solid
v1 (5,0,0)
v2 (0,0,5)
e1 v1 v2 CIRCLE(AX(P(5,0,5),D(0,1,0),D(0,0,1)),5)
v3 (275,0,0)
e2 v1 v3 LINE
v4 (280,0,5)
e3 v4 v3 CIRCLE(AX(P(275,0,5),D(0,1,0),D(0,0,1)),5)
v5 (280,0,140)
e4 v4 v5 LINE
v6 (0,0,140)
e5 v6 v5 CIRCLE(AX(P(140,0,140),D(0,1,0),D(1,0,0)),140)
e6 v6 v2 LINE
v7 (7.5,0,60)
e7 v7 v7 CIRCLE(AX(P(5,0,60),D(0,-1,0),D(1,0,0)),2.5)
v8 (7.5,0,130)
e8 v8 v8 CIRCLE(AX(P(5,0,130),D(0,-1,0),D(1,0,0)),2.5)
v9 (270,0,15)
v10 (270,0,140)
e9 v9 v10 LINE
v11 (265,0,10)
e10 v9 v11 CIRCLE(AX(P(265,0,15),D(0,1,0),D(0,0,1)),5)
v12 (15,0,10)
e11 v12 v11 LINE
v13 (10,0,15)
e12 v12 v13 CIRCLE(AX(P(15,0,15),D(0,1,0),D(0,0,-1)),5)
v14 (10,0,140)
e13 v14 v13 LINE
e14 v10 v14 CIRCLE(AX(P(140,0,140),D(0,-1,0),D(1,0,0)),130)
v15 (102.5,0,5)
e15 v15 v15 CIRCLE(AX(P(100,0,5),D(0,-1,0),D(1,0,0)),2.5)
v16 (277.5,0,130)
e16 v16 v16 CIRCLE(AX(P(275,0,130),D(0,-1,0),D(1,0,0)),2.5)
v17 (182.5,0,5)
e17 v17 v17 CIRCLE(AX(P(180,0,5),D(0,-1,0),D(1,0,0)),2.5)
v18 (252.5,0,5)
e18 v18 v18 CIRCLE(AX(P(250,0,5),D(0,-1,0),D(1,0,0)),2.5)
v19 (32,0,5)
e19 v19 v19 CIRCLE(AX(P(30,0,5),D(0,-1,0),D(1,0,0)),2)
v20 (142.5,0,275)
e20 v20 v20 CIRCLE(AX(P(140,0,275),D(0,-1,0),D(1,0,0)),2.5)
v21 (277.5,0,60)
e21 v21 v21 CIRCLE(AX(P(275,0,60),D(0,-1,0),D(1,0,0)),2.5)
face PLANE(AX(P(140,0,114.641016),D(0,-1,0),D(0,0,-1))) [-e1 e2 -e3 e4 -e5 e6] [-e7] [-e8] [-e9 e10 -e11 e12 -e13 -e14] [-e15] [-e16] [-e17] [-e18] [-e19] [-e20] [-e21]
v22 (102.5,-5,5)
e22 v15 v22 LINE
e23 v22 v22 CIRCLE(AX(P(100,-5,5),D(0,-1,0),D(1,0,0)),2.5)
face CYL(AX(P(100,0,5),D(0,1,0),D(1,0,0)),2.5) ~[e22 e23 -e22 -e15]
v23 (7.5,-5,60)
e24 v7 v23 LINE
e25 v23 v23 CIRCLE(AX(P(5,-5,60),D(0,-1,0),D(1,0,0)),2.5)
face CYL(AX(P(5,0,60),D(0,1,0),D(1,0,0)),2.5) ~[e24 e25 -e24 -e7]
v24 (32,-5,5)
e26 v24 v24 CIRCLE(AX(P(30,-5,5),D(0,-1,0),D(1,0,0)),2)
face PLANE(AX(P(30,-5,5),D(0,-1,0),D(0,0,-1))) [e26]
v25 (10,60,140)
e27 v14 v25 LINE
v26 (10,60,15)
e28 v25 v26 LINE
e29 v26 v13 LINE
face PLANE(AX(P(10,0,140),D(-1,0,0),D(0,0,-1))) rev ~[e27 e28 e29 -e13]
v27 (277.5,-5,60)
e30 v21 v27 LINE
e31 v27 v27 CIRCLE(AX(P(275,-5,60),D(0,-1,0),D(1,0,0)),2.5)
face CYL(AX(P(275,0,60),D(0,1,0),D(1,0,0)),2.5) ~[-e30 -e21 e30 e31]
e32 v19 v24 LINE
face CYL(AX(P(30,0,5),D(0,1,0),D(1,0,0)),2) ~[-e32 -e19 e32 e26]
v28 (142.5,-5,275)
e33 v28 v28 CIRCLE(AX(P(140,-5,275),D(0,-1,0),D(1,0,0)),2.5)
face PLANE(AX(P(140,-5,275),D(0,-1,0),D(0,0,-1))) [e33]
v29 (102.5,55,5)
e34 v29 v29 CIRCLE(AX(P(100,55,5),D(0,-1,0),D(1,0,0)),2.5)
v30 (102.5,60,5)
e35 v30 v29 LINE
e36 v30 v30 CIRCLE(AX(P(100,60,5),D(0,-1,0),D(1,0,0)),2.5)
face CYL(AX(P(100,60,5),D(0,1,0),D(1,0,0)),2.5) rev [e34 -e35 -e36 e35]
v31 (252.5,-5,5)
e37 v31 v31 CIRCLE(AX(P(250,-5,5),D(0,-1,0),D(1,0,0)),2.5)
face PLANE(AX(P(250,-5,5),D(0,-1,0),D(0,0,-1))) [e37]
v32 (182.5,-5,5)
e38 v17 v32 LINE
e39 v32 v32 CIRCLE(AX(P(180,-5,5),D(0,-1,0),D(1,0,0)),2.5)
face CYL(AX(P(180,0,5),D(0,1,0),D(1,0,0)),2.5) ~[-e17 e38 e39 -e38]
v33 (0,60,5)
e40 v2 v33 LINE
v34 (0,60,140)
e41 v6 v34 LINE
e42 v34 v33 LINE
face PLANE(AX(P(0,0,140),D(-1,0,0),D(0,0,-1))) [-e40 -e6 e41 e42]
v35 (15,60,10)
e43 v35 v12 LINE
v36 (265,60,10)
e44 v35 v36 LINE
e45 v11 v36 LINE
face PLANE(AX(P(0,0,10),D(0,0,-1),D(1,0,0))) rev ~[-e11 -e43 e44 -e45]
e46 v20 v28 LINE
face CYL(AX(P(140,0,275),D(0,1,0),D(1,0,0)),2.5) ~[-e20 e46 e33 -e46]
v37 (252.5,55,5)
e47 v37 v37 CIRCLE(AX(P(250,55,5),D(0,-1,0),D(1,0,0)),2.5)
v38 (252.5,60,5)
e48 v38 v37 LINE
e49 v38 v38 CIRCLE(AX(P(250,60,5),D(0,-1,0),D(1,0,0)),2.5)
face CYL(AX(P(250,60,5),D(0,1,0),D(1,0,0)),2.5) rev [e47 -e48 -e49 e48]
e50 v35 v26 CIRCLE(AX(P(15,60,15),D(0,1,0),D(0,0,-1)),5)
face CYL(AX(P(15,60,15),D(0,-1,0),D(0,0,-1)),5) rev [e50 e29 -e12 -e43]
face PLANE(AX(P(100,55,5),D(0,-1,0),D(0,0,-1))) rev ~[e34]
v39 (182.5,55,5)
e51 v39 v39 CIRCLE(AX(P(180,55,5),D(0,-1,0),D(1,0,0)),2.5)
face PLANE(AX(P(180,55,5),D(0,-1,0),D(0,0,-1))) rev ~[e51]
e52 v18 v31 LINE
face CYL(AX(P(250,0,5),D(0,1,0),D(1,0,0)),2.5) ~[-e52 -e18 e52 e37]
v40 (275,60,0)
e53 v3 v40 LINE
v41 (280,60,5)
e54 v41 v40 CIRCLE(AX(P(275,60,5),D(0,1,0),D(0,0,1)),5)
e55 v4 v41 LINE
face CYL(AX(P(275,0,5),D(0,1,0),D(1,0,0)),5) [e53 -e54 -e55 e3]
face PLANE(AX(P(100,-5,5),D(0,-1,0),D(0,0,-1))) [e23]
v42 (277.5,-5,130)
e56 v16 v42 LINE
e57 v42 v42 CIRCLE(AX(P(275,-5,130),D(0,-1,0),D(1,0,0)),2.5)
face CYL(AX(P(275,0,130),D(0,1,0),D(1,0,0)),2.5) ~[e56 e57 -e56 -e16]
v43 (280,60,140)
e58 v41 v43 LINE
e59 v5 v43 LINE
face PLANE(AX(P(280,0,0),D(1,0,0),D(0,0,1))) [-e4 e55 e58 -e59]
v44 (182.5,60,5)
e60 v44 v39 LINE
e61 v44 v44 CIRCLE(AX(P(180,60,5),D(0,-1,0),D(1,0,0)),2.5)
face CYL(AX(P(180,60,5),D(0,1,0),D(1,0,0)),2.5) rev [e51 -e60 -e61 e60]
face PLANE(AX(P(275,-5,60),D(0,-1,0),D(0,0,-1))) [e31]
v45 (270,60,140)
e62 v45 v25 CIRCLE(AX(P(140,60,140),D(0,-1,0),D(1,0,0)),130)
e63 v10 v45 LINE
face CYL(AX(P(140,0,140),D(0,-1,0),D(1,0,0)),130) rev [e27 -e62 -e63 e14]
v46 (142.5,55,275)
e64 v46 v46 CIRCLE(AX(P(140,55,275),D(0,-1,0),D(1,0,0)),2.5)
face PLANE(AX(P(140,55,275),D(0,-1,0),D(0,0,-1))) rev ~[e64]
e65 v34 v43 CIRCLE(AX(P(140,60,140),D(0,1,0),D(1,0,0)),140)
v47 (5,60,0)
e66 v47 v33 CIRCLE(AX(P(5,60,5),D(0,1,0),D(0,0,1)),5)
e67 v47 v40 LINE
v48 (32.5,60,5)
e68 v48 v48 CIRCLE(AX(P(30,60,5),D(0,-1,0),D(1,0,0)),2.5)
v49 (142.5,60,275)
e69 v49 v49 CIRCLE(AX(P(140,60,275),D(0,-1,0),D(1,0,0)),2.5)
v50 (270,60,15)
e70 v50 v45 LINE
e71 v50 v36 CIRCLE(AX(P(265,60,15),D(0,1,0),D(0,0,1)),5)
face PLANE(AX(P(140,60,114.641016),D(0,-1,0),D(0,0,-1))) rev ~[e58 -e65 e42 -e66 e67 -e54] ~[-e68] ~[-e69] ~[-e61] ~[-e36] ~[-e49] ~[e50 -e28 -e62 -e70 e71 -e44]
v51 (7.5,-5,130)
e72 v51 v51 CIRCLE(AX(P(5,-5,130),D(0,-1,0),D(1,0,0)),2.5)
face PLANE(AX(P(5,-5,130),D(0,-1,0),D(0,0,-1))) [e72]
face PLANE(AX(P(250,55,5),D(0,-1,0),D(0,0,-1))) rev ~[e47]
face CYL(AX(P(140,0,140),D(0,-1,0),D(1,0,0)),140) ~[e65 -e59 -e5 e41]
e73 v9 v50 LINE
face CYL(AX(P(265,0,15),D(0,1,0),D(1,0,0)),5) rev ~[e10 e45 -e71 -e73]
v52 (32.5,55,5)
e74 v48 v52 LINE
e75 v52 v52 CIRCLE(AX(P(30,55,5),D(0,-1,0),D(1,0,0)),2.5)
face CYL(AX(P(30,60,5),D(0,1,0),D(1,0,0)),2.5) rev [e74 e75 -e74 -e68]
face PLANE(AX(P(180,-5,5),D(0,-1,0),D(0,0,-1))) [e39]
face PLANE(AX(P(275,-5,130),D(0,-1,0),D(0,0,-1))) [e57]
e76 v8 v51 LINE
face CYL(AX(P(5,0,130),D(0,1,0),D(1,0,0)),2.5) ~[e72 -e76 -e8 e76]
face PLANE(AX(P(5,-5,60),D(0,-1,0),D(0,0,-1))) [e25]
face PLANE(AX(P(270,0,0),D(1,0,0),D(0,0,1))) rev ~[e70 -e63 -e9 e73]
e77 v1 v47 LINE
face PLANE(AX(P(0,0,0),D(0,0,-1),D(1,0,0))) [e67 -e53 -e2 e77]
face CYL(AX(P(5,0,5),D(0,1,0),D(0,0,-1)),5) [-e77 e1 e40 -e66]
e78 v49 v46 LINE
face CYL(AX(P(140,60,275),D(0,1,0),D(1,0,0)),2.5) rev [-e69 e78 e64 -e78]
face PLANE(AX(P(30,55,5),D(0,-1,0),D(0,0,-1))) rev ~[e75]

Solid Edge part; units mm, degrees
sketch "Sketch1" plane through (0, 0, 0) normal (0, -1, 0) x (1, 0, 0)
  line L0 (280, 0) -> (280, 140)
  line L1 (0, 0) -> (280, 0)
  line L2 (0, 140) -> (0, 0)
  arc A0 (0, 140) -> (280, 140) centre (140, 140) cw
extrude "Protrusion1" add sketch "Sketch1" against normal blind 60
shell "Thinwall_1" thickness 10 removed faces 2 at (49.4667, 0, 236.1333) at (49.4667, 60, 236.1333)
fillet "Round_6" radius 5 1 edges at (270, 30, 10)
fillet "Round_7" radius 5 1 edges at (280, 30, 0)
fillet "Round_8" radius 5 1 edges at (0, 30, 0)
fillet "Round_9" radius 5 1 edges at (10, 30, 10)
sketch "Sketch2" plane through (140, 0, 140) normal (0, -1, 0) x (1, 0, 0)
  circle A0 centre (-40, -135) radius 2.5
  circle A1 centre (-110, -135) radius 2
  circle A2 centre (40, -135) radius 2.5
  circle A3 centre (110, -135) radius 2.5
  dimension "D1" = 4
  dimension "D2" = 5
  dimension "D3" = 30
  dimension "D4" = 5
  dimension "D5" = 5
  dimension "D6" = 5
  dimension "D7" = 30
  dimension "D8" = 70
  dimension "D9" = 70
  dimension "D10" = 80
extrude "ExtrudedProtrusion_18" add sketch "Sketch2" along normal blind 5
sketch "Sketch3" plane through (140, 60, 140) normal (0, -1, 0) x (1, 0, 0)
  circle A0 centre (-110, -135) radius 2.5
  circle A1 centre (-40, -135) radius 2.5
  circle A2 centre (40, -135) radius 2.5
  circle A3 centre (110, -135) radius 2.5
  dimension "D1" = 5
  dimension "D2" = 30
  dimension "D3" = 5
  dimension "D4" = 5
  dimension "D5" = 5
  dimension "D6" = 5
  dimension "D7" = 70
  dimension "D8" = 80
  dimension "D9" = 70
extrude "Cutout1" cut sketch "Sketch3" along normal blind 5
sketch "Sketch4" plane through (140, 0, 140) normal (0, -1, 0) x (1, 0, 0)
  circle A0 centre (-135, -80) radius 2.5
  circle A1 centre (-135, -10) radius 2.5
  circle A2 centre (135, -10) radius 2.5
  circle A3 centre (135, -80) radius 2.5
  dimension "D1" = 5
  dimension "D2" = 5
  dimension "D3" = 60
  dimension "D4" = 5
  dimension "D5" = 70
extrude "ExtrudedProtrusion_20" add sketch "Sketch4" along normal blind 5
sketch "Sketch5" plane through (140, 0, 140) normal (0, -1, 0) x (1, 0, 0)
  circle A0 centre (0, 135) radius 2.5
extrude "ExtrudedProtrusion_21" add sketch "Sketch5" along normal blind 5
sketch "Sketch6" plane through (140, 60, 140) normal (0, -1, 0) x (1, 0, 0)
  circle A0 centre (0, 135) radius 2.5
extrude "ExtrudedCutout_5" cut sketch "Sketch6" along normal blind 5
